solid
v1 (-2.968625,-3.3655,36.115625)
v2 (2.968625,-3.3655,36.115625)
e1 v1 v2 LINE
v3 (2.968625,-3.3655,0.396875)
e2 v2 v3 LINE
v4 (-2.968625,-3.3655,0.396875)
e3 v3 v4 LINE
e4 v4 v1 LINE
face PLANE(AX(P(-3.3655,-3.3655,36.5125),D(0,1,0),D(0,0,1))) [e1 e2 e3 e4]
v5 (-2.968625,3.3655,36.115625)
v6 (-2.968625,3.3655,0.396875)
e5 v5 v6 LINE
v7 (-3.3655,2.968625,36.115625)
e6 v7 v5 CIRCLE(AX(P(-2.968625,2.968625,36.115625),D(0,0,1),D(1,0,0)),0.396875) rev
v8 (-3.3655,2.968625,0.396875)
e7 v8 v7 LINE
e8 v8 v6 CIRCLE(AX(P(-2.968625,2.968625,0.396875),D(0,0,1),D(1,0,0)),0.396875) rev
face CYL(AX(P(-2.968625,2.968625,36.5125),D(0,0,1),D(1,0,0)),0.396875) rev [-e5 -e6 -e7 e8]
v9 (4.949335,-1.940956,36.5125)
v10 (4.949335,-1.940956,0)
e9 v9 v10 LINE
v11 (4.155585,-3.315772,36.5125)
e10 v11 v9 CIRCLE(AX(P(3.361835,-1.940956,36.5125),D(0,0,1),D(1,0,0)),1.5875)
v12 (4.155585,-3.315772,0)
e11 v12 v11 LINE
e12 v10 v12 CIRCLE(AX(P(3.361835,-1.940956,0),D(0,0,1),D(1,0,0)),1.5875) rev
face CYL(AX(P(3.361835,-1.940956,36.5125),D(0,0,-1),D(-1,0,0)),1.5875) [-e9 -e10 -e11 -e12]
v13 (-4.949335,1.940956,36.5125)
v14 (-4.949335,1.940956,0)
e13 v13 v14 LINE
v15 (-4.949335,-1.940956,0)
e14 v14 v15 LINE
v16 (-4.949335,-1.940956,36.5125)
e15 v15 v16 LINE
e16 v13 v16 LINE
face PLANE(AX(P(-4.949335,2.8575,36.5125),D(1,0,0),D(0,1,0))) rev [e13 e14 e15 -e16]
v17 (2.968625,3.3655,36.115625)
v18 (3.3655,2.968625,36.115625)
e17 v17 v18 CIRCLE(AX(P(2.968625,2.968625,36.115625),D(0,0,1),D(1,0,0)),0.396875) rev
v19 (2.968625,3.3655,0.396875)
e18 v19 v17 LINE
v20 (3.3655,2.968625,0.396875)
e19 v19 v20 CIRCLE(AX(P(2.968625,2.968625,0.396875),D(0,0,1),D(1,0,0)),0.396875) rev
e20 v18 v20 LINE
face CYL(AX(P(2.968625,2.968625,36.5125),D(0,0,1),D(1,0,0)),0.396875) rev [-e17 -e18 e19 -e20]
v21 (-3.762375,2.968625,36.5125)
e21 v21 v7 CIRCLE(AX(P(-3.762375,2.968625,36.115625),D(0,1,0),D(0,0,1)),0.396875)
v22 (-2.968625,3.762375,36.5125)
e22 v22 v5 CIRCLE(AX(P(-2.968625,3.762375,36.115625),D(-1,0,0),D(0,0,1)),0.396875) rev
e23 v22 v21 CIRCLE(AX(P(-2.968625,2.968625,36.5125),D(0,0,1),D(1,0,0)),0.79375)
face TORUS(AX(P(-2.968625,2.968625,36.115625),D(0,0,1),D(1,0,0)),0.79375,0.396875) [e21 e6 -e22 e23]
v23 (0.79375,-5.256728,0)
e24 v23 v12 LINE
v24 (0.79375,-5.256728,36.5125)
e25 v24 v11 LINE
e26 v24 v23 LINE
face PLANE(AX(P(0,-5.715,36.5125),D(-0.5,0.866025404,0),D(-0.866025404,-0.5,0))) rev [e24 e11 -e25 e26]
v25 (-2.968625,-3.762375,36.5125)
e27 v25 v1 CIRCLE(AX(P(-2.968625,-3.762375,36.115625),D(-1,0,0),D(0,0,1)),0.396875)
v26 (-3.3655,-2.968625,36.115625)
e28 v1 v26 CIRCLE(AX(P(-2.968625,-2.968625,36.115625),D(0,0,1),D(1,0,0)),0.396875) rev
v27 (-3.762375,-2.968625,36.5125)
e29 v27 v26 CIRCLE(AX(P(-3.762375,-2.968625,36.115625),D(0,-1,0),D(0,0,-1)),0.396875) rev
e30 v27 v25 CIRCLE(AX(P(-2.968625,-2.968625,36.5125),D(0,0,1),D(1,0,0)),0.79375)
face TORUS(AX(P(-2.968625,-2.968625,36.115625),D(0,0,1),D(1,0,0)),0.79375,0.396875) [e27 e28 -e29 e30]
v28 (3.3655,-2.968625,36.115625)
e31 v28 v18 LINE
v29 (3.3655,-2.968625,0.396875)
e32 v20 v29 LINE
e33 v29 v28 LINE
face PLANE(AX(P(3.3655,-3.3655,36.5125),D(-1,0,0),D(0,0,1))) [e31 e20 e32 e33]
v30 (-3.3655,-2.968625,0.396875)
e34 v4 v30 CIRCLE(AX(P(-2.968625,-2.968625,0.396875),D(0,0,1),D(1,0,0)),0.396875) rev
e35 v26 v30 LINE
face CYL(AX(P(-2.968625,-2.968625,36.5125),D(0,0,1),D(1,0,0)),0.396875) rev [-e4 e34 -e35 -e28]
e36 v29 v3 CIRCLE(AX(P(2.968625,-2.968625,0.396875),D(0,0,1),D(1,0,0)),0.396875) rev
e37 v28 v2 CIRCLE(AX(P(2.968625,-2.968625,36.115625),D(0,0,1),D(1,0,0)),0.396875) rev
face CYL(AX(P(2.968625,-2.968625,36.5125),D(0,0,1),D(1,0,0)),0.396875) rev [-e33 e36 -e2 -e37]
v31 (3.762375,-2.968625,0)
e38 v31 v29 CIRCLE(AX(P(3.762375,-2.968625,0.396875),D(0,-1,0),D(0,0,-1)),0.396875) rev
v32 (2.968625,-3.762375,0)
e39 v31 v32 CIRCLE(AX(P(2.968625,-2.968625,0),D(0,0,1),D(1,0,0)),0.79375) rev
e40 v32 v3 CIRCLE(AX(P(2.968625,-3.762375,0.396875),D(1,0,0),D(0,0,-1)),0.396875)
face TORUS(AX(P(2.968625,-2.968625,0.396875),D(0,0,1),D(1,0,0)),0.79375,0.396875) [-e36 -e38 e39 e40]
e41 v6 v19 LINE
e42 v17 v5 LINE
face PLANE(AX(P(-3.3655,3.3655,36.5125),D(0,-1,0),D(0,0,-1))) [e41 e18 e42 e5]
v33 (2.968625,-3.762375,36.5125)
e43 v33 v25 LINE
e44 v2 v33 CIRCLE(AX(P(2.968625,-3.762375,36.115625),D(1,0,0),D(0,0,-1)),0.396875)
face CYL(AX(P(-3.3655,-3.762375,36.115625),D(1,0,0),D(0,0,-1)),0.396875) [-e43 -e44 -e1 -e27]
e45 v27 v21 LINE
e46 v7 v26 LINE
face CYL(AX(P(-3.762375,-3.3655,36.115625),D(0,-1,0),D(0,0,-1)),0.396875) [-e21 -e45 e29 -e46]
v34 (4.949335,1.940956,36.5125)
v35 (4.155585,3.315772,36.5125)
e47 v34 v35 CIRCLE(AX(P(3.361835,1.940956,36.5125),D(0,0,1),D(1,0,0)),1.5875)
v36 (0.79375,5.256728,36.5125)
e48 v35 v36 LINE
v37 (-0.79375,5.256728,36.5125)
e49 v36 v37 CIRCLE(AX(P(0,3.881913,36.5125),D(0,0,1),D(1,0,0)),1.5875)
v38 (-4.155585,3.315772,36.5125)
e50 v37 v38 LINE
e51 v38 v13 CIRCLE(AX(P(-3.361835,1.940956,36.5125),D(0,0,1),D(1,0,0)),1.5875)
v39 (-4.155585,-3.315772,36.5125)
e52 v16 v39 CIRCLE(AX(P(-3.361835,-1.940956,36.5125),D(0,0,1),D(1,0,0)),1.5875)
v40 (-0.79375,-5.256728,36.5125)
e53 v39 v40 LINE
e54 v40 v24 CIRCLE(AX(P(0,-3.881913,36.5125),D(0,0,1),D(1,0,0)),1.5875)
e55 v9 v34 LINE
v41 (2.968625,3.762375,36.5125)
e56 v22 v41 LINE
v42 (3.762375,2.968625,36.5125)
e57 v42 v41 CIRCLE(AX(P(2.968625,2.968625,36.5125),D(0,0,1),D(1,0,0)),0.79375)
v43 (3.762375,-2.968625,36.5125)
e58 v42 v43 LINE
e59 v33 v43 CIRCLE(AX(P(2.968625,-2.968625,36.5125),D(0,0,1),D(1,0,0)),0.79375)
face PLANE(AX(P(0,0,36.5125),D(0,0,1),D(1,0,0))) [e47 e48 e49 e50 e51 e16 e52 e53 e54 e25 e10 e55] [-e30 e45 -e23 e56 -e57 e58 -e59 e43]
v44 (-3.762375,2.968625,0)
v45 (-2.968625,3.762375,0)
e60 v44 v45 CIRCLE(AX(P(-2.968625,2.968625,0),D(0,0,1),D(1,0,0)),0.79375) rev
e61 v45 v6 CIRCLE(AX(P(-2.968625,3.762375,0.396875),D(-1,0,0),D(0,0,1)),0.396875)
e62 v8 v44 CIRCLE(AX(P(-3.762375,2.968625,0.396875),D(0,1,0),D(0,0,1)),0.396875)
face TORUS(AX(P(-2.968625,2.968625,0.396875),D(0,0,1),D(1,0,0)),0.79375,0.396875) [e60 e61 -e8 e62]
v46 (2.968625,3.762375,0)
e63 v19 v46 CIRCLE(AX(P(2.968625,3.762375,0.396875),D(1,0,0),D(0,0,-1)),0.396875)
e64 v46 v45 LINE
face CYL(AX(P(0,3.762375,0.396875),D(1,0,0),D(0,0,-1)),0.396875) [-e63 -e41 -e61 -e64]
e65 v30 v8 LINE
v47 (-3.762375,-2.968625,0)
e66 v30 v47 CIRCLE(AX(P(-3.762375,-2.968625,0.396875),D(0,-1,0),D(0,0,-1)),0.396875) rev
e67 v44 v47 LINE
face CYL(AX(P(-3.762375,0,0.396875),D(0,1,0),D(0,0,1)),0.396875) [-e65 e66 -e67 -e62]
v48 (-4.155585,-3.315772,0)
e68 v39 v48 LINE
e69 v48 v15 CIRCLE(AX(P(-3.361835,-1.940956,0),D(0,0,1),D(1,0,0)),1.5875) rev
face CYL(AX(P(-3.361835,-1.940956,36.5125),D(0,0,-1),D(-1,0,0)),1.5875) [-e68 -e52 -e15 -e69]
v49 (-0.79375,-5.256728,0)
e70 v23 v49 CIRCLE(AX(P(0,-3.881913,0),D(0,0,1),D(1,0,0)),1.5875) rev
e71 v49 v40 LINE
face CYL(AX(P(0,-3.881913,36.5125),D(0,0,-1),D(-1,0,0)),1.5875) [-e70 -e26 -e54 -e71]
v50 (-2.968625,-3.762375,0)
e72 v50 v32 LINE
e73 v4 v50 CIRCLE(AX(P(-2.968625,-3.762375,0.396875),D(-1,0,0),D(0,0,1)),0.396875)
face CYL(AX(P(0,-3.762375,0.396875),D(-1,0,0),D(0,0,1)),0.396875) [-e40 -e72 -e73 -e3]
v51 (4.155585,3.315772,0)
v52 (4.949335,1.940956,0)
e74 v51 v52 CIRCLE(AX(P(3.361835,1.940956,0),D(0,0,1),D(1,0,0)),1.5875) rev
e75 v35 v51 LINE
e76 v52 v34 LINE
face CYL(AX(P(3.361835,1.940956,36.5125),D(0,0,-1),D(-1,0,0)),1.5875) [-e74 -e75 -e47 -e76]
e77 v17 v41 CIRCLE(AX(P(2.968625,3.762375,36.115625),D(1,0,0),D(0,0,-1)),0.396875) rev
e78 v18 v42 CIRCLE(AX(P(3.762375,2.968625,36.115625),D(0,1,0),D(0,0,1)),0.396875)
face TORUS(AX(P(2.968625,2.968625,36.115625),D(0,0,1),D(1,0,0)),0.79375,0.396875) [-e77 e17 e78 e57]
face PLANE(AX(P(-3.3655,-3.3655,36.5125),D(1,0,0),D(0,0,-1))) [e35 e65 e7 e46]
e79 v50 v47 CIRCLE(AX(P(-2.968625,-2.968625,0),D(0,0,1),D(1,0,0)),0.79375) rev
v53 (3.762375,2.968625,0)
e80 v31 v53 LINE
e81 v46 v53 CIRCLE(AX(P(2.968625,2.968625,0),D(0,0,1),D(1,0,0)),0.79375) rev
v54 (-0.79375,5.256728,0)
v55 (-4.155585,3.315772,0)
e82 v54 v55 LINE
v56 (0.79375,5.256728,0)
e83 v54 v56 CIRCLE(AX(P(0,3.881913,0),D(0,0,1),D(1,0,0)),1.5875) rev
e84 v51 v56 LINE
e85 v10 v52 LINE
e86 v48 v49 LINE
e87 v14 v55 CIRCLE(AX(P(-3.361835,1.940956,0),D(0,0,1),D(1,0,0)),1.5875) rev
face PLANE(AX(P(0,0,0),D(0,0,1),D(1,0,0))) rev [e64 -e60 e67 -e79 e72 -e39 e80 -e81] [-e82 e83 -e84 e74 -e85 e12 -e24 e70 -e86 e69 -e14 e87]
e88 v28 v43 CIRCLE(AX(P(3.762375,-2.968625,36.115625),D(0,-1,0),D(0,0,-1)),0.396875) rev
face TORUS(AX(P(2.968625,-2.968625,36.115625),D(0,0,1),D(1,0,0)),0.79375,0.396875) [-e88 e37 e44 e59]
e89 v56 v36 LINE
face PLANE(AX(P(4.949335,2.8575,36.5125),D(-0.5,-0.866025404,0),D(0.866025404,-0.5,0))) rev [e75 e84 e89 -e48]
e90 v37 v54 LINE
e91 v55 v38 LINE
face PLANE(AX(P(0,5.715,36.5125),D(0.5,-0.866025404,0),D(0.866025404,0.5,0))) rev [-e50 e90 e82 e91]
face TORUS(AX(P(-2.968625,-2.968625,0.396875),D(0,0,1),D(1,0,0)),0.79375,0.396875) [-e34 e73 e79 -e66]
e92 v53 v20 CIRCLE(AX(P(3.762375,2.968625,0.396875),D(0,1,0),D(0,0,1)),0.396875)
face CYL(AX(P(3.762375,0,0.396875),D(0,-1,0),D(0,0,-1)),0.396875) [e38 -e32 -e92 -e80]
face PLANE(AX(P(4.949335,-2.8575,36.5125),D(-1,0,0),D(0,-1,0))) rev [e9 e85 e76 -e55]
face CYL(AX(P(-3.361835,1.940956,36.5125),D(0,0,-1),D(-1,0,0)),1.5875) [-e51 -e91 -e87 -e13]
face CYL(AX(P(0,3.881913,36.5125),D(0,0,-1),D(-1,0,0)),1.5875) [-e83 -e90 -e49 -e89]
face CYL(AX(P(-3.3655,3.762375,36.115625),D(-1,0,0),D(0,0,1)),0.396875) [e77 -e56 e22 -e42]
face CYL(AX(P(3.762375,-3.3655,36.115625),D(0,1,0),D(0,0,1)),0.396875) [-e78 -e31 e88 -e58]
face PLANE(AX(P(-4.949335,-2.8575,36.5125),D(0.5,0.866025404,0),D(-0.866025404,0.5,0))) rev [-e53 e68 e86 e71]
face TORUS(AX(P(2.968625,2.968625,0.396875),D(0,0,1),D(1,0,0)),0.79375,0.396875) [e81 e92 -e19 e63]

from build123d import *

# Parameters (mm, degrees)
SKETCH1_W           = 6.731
SKETCH1_H           = 6.731
BOSS_EXTRUDE1_DEPTH = 36.5125
FILLET1_R           = 0.396875
FILLET2_R           = 1.5875


with BuildPart() as part:
    # Sketch1 → Boss-Extrude1 (new body)
    with BuildSketch(Plane.XY):
        Polygon((4.949335183, -2.8575), (4.949335183, 2.8575), (0, 5.715), (-4.949335183, 2.8575), (-4.949335183, -2.8575), (0, -5.715), align=None)
        Rectangle(SKETCH1_W, SKETCH1_H, mode=Mode.SUBTRACT)
    extrude(amount=BOSS_EXTRUDE1_DEPTH)

    # Fillet1
    fillet1_edges = [part.edges().sort_by_distance(p)[0] for p in [
        (3.3655, 0, 0),
        (3.3655, -3.3655, 18.25625),
        (0, 3.3655, 0),
        (3.3655, 3.3655, 18.25625),
        (-3.3655, 0, 0),
        (-3.3655, 3.3655, 18.25625),
        (0, -3.3655, 0),
        (-3.3655, -3.3655, 18.25625),
        (3.3655, 0, 36.5125),
        (0, 3.3655, 36.5125),
        (-3.3655, 0, 36.5125),
        (0, -3.3655, 36.5125),
    ]]
    fillet(fillet1_edges, radius=FILLET1_R)

    # Fillet2
    fillet2_edges = [part.edges().sort_by_distance(p)[0] for p in [
        (0, -5.715, 18.25625),
        (-4.949335183, -2.8575, 18.25625),
        (-4.949335183, 2.8575, 18.25625),
        (0, 5.715, 18.25625),
        (4.949335183, 2.8575, 18.25625),
        (4.949335183, -2.8575, 18.25625),
    ]]
    fillet(fillet2_edges, radius=FILLET2_R)


solid = part.part
